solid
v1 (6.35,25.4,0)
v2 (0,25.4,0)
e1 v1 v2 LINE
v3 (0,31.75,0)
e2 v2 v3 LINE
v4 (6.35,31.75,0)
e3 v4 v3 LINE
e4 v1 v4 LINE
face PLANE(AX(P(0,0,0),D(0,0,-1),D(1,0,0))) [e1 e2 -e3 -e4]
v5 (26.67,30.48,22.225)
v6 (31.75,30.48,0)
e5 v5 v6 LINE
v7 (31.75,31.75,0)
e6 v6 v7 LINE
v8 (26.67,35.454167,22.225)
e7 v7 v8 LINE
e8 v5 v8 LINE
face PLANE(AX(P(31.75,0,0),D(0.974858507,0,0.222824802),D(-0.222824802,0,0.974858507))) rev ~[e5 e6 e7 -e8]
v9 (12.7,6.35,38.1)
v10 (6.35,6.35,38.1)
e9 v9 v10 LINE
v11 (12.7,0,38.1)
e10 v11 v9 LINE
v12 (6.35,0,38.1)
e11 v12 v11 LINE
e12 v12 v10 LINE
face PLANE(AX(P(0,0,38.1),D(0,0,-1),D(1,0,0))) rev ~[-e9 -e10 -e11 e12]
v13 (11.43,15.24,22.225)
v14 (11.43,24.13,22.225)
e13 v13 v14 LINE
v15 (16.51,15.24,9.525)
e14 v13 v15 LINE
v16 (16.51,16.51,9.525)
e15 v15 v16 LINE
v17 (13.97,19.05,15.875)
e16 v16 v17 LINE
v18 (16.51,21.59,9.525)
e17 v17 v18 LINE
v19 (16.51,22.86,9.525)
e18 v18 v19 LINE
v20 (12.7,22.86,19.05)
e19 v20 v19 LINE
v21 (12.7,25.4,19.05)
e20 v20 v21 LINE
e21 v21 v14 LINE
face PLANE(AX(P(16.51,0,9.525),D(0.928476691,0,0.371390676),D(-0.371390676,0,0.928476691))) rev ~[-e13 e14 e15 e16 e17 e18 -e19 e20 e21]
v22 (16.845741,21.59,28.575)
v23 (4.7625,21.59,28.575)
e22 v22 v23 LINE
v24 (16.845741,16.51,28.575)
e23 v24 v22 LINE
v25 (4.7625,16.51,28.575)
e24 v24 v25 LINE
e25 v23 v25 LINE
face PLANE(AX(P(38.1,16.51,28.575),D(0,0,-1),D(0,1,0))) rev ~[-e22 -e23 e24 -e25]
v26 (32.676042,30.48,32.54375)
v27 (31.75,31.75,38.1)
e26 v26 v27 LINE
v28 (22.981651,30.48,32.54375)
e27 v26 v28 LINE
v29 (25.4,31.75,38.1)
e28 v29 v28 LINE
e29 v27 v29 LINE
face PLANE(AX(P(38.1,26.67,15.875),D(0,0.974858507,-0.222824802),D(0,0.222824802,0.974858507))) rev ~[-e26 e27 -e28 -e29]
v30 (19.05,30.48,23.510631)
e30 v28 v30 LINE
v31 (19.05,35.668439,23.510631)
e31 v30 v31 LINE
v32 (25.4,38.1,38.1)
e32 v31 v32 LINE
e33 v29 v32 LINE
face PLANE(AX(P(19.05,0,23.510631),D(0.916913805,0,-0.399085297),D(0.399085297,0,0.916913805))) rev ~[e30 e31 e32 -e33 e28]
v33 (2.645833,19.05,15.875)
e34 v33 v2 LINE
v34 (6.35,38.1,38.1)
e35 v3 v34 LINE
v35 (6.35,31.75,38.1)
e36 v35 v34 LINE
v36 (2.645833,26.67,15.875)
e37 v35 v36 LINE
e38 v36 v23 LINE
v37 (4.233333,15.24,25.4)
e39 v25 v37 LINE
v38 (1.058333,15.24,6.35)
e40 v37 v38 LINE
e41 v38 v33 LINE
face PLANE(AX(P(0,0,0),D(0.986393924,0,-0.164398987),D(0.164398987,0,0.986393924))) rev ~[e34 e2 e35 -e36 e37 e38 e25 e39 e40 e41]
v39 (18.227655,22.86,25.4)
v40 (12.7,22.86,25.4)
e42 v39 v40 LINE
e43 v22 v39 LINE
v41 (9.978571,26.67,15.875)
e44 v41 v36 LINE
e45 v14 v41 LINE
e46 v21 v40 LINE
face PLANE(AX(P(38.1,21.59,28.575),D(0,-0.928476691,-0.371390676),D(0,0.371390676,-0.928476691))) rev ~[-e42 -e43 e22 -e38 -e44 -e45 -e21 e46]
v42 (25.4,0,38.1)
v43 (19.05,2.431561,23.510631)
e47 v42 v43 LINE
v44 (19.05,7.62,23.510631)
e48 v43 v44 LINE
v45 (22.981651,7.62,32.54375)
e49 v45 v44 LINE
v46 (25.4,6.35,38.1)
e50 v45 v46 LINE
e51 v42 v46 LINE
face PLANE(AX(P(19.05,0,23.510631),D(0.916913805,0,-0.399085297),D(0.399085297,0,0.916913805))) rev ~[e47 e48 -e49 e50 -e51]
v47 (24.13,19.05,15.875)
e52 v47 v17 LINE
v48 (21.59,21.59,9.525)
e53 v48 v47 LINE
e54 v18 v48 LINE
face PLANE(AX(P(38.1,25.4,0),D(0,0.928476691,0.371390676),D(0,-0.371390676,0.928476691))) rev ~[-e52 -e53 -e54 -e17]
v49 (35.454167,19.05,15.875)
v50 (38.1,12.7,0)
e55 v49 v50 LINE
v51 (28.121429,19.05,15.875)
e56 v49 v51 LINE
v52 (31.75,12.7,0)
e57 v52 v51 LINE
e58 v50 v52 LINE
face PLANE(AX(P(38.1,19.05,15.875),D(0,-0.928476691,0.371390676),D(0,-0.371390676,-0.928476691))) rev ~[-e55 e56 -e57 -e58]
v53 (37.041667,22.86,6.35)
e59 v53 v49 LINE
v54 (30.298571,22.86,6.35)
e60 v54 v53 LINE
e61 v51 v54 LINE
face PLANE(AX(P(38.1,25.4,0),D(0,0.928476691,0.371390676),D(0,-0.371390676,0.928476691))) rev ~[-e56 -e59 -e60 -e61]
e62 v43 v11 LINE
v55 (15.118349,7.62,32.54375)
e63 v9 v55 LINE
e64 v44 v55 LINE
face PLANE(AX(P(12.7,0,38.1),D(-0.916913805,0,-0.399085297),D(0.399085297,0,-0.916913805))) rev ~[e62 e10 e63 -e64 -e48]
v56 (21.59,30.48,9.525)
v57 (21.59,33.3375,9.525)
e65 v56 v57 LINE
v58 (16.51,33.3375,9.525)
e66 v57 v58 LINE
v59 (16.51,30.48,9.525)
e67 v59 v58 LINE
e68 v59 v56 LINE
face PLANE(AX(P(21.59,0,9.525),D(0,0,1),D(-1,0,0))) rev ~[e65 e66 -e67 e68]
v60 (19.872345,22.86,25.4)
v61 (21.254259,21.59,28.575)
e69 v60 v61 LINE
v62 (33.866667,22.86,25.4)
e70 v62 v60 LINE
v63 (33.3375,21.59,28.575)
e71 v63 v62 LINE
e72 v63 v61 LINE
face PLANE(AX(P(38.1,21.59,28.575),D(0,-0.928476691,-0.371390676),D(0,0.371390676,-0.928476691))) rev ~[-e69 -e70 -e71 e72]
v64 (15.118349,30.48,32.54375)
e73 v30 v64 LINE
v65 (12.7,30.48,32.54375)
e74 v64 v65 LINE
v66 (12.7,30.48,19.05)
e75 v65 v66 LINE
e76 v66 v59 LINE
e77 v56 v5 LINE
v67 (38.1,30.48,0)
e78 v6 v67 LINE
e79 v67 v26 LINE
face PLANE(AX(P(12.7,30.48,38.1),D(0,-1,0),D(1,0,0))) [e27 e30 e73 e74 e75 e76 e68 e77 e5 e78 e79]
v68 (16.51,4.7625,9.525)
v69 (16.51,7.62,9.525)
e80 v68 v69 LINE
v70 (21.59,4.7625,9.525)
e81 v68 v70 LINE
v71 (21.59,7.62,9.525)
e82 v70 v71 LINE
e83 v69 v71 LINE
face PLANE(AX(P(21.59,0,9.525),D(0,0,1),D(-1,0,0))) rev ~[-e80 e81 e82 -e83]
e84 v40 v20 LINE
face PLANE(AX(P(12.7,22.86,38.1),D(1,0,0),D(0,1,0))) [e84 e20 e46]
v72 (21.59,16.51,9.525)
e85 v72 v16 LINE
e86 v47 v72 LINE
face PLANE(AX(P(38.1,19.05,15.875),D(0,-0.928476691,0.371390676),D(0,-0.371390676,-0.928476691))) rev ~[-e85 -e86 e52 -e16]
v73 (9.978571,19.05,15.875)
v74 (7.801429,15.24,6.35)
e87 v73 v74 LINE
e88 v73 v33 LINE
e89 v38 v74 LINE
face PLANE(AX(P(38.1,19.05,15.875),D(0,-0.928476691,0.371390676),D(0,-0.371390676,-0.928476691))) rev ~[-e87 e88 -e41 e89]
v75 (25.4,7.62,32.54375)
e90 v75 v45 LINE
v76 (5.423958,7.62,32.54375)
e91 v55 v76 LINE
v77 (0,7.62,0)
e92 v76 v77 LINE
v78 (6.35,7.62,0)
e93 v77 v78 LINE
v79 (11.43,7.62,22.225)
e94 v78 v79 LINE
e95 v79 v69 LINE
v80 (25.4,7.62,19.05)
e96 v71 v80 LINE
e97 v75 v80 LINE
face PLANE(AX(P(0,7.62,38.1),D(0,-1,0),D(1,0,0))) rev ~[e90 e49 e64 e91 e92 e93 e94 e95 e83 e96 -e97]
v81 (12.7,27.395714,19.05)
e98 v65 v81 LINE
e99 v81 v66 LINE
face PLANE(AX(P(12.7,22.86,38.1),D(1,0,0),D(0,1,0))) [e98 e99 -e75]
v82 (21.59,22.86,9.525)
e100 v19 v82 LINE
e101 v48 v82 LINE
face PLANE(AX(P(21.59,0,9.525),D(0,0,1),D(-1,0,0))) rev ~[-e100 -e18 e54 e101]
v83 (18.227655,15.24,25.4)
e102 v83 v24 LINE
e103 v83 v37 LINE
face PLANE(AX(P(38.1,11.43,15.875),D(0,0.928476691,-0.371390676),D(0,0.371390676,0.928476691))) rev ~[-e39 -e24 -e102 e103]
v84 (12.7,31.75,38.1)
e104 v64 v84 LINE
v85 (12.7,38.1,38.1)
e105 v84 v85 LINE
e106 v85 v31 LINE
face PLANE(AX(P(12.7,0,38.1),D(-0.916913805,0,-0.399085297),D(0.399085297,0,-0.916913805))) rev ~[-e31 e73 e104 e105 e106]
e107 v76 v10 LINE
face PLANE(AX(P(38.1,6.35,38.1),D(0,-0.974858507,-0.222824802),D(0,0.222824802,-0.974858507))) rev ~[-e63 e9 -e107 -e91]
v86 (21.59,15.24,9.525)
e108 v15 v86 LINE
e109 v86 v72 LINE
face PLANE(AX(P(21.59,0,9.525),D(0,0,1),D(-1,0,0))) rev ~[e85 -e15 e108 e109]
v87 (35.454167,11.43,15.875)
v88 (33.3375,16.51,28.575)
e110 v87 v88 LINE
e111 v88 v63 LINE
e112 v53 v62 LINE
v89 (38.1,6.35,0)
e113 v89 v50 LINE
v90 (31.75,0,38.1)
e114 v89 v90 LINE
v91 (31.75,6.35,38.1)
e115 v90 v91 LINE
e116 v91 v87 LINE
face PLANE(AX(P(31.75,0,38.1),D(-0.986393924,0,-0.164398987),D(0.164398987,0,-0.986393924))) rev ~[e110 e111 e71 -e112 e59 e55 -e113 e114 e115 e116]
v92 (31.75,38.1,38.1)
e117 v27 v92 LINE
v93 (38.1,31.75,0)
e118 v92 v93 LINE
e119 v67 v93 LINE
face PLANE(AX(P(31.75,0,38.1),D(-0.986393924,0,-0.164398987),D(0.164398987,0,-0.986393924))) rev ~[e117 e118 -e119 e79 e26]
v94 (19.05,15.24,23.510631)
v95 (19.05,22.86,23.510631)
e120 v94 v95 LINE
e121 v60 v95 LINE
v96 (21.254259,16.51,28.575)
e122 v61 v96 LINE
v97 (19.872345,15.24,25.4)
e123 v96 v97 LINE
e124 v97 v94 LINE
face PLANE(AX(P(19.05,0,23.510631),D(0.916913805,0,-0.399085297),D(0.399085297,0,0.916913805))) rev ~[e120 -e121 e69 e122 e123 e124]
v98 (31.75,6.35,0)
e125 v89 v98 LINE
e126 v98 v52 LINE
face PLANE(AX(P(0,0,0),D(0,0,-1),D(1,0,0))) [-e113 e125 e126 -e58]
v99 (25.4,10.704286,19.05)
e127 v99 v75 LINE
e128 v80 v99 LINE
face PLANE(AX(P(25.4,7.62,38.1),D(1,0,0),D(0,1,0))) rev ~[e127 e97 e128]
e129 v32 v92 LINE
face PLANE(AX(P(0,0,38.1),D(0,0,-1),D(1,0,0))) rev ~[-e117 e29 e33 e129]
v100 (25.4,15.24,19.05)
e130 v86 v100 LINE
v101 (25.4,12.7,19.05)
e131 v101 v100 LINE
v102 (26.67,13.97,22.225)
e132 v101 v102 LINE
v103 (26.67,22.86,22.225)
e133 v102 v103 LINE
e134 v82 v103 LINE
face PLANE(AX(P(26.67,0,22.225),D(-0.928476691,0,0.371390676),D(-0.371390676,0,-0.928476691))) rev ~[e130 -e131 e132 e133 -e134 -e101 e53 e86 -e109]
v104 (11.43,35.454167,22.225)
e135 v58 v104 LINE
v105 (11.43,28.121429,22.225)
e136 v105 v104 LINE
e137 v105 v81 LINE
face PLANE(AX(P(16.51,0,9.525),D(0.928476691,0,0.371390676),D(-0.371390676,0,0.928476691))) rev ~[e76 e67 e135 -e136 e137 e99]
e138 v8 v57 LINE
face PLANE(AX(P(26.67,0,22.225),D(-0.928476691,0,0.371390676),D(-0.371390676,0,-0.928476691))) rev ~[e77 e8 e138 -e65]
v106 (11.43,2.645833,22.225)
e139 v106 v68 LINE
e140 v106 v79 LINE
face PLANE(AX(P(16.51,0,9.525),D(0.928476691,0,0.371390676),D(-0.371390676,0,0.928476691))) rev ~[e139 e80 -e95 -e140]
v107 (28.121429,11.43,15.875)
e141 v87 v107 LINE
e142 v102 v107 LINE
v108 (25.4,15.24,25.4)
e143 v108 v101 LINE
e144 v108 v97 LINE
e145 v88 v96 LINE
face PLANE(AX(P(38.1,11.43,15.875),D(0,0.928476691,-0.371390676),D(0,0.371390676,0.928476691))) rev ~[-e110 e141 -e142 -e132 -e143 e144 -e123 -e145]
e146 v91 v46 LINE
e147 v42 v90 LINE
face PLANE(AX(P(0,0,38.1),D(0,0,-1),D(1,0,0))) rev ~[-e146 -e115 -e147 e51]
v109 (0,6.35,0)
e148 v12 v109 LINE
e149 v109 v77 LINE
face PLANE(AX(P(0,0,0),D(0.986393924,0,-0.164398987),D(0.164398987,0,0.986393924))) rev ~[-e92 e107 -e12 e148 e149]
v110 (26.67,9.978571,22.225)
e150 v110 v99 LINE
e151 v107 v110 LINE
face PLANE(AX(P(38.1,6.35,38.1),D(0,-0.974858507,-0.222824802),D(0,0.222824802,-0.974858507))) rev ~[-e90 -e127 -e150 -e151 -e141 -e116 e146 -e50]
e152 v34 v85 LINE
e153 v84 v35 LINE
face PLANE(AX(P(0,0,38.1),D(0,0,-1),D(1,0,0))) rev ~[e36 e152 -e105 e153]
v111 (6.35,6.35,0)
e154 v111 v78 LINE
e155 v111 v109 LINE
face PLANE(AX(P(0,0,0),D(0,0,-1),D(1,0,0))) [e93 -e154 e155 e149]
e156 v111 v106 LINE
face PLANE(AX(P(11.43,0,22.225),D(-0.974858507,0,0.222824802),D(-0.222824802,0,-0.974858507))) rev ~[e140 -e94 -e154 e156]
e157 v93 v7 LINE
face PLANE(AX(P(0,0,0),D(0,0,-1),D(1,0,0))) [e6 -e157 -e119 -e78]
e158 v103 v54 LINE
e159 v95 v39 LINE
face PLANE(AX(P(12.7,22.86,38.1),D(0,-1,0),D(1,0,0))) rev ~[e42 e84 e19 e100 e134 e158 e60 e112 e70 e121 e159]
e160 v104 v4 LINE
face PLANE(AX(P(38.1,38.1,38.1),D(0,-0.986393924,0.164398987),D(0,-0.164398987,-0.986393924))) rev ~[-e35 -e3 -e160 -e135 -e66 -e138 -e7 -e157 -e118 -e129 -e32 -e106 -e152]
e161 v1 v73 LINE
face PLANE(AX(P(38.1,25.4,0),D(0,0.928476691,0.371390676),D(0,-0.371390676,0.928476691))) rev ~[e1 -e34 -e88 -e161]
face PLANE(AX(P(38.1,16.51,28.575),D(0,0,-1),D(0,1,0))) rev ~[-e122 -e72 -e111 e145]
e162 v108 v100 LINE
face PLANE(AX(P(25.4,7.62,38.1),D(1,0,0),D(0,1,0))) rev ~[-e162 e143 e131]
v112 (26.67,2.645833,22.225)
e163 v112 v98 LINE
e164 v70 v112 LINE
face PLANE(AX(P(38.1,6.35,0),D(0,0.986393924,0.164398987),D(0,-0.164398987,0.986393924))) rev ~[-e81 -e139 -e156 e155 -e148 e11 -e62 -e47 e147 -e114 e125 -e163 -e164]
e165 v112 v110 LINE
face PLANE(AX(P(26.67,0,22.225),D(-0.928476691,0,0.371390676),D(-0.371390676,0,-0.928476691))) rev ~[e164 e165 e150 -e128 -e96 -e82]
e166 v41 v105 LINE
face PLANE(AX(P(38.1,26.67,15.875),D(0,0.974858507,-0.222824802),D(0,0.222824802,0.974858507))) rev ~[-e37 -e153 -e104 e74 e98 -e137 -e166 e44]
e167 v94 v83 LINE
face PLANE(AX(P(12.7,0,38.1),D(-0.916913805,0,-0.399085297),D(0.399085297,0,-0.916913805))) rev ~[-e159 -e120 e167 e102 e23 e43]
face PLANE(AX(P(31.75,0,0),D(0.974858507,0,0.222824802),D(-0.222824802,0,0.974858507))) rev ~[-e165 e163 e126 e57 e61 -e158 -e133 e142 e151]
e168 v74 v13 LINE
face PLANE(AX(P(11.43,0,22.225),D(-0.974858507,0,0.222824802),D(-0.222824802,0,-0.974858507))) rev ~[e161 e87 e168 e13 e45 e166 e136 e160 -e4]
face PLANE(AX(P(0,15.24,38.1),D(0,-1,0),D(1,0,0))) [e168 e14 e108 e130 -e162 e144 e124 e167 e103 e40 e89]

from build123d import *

# Parameters (mm, degrees)
F3_W      = 38.1
F3_H      = 38.1
F4_DEPTH  = 38.1
F6_DEPTH  = 38.1
F8_DEPTH  = 38.1
F9_W      = 25.4
F9_H      = 7.62
F10_DEPTH = 38.1


with BuildPart() as f4:
    # F3 (on Front) → F4 (new body)
    with BuildSketch(Plane.XZ):
        with Locations((19.05, 19.05)):
            Rectangle(F3_W, F3_H)
    extrude(amount=-F4_DEPTH)

    # F5 (on offset) → F6 (cut)
    with BuildSketch(Plane.YZ.offset(38.1)):
        Polygon((31.75, 38.1), (6.35, 38.1), (11.43, 15.875), (16.51, 28.575), (21.59, 28.575), (26.67, 15.875), align=None)
        Polygon((0, 38.1), (0, 0), (6.35, 0), align=None)
        Polygon((19.05, 15.875), (12.7, 0), (25.4, 0), align=None)
        Polygon((38.1, 38.1), (31.75, 0), (38.1, 0), align=None)
    extrude(amount=-F6_DEPTH, mode=Mode.SUBTRACT)

    # F7 (on offset) → F8 (cut)
    with BuildSketch(Plane.XZ):
        Polygon((25.4, 38.1), (12.7, 38.1), (19.05, 23.510631), align=None)
        Polygon((6.35, 38.1), (0, 38.1), (0, 0), align=None)
        Polygon((11.43, 22.225), (6.35, 0), (31.75, 0), (26.67, 22.225), (21.59, 9.525), (16.51, 9.525), align=None)
        Polygon((31.75, 38.1), (38.1, 0), (38.1, 38.1), align=None)
    extrude(amount=-F8_DEPTH, mode=Mode.SUBTRACT)

    # F9 (on offset) → F10 (cut)
    with BuildSketch(Plane.XY.offset(38.1)):
        with Locations((25.4, 26.67)):
            Rectangle(F9_W, F9_H)
        with Locations((12.7, 11.43)):
            Rectangle(F9_W, F9_H)
    extrude(amount=-F10_DEPTH, mode=Mode.SUBTRACT)


solid = f4.part
